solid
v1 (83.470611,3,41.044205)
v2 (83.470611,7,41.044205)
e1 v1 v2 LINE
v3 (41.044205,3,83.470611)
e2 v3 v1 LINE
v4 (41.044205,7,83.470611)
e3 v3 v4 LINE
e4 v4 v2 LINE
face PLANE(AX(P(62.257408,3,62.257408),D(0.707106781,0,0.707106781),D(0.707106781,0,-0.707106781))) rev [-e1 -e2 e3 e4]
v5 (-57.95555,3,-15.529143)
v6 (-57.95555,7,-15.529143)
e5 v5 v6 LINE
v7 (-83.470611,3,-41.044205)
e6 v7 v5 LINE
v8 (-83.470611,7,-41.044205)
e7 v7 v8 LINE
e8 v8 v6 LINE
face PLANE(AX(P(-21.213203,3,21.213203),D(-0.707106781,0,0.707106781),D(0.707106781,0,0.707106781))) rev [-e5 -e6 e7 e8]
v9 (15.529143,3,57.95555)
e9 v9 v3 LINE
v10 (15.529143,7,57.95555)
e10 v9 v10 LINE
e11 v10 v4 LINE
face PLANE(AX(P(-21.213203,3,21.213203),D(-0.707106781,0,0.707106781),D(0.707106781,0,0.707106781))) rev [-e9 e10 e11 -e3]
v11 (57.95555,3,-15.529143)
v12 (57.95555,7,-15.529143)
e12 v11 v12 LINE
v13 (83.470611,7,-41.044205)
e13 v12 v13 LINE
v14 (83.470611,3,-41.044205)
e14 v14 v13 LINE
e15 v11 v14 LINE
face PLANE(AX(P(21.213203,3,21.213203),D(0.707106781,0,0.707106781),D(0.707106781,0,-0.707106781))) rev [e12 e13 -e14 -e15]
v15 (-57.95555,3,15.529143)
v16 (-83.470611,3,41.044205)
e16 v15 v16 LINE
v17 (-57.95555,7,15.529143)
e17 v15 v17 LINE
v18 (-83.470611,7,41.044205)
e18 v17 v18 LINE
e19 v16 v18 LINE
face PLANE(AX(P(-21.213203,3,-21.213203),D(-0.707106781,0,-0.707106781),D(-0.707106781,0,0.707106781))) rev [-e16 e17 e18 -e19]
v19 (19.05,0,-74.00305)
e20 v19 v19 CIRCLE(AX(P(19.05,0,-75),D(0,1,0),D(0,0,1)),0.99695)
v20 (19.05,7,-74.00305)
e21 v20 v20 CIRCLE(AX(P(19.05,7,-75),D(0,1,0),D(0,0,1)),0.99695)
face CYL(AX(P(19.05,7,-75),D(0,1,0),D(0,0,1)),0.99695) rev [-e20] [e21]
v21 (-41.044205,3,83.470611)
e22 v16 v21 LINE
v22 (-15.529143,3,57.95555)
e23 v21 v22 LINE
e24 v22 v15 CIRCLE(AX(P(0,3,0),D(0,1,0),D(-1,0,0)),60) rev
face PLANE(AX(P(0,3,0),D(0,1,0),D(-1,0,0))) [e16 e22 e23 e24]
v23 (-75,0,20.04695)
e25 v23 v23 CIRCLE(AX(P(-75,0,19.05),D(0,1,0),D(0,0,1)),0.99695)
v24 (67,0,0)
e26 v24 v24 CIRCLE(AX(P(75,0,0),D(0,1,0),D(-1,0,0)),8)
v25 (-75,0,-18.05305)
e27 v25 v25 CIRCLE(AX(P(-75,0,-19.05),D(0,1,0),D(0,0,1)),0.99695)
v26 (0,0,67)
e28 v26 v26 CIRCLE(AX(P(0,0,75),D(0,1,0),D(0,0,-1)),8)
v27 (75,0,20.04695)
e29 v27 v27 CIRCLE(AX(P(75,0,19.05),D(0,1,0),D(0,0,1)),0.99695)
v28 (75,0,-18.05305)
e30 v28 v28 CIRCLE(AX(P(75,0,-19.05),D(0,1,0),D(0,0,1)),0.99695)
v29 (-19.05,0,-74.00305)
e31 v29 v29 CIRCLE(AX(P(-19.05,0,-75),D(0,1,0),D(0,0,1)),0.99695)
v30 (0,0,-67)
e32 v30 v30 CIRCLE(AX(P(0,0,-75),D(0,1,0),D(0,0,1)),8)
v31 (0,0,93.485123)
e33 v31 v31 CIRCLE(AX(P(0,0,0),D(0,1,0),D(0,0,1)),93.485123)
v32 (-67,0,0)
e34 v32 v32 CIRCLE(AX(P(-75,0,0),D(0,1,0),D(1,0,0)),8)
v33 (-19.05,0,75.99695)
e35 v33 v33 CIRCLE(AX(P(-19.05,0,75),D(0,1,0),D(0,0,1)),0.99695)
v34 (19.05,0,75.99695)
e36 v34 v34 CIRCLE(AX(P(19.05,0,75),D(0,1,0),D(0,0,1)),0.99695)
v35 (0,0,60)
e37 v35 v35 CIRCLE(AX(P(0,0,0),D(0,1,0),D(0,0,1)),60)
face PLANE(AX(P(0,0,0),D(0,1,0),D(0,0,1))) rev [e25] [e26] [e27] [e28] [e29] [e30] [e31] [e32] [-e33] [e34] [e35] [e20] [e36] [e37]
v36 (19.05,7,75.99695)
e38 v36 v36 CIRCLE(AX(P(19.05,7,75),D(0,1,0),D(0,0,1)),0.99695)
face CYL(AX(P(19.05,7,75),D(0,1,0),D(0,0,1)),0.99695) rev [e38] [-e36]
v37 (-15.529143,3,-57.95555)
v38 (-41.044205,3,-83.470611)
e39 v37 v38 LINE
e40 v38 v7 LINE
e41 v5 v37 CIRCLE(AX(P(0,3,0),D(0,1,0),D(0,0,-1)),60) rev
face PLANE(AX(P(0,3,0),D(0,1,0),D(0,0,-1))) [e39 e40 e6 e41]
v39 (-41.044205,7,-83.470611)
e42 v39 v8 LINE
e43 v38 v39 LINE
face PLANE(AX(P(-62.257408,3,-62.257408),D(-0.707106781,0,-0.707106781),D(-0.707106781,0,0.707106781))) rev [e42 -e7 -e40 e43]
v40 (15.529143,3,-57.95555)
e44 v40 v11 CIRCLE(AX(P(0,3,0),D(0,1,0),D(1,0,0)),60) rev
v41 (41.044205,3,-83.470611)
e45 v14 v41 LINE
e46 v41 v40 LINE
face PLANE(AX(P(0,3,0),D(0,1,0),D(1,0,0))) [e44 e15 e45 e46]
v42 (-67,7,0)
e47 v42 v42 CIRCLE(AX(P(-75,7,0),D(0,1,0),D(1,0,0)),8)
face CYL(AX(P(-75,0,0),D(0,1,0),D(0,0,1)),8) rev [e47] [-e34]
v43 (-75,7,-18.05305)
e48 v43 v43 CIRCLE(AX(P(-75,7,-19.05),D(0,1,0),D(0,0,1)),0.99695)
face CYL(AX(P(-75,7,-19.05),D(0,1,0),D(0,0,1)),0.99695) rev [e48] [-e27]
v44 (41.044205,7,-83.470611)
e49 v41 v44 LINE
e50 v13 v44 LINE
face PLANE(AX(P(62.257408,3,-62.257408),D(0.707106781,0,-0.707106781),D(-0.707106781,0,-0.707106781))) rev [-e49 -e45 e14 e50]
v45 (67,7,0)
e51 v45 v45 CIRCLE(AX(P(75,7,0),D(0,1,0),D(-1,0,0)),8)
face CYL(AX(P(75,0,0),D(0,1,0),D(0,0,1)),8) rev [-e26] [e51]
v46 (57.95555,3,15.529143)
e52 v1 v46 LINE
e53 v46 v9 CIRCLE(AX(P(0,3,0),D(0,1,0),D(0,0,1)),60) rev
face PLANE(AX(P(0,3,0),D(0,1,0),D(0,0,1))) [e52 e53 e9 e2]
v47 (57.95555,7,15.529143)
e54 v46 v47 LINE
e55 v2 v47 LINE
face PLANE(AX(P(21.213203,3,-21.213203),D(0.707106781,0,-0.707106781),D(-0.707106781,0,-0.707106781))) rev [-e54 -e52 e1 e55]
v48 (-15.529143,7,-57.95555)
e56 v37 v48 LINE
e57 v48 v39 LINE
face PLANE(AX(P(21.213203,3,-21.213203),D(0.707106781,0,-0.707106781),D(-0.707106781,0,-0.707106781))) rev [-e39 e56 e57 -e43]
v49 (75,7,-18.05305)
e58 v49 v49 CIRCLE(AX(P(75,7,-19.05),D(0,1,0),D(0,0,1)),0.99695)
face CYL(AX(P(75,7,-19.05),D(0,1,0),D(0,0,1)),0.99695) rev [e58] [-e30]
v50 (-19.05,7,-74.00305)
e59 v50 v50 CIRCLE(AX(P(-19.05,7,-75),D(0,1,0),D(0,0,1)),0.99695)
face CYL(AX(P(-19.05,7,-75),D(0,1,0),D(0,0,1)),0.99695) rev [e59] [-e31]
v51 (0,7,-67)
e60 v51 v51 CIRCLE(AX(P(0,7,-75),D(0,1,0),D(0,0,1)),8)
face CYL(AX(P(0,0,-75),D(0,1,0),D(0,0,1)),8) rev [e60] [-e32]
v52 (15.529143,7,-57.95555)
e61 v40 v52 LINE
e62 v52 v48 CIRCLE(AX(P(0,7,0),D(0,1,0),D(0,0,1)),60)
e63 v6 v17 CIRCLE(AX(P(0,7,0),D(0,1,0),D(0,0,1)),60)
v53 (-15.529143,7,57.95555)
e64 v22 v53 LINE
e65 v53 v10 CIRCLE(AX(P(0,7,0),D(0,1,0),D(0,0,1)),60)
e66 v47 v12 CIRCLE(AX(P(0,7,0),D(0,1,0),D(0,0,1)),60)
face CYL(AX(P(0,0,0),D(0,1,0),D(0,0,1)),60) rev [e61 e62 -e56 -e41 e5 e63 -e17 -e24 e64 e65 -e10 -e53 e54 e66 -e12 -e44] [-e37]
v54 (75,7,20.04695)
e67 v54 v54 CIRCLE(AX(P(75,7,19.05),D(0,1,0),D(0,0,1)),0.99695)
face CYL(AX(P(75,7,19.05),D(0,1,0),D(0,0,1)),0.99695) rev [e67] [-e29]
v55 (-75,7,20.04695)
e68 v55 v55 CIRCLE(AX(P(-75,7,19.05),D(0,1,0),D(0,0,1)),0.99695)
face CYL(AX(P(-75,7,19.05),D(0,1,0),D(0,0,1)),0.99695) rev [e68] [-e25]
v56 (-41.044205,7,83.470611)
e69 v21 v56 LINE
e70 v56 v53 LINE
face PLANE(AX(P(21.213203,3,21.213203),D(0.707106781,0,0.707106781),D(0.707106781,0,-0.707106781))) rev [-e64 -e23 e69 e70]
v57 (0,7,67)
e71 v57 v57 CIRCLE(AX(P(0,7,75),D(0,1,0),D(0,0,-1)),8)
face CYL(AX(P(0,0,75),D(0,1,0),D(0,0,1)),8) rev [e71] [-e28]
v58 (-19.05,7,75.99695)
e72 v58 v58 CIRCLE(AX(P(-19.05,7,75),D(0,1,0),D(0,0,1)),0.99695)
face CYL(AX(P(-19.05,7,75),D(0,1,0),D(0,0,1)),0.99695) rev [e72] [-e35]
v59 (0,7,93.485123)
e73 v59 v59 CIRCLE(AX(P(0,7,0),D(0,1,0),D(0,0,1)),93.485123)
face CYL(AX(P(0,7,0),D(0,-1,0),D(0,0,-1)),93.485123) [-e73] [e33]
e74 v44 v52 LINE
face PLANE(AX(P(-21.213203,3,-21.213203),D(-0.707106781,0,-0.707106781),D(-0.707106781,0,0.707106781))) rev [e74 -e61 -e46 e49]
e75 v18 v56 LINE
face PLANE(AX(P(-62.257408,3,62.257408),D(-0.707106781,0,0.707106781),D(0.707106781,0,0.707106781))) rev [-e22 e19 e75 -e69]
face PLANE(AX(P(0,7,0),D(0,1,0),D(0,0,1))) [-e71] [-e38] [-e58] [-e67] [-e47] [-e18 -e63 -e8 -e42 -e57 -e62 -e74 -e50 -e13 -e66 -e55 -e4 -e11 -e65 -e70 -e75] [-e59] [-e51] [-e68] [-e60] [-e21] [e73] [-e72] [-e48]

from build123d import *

# Parameters (mm, degrees)
SKETCH2_R             = 93.485122645
EXTRUDE1_DEPTH        = 7
SKETCH3_R             = 8
CUT_EXTRUDE1_DEPTH    = 8
F_3_48_TAPPED_HOLE1_D = 1.9939
CIRPATTERN1_COUNT     = 4
SKETCH8_R             = 60
CUT_EXTRUDE2_DEPTH    = 8
SKETCH9_R             = 60
CUT_EXTRUDE10_DEPTH   = 4
CIRPATTERN4_COUNT     = 4


with BuildPart() as part:
    # Sketch2 → Extrude1 (new body)
    with BuildSketch(Plane(origin=(0, 0, 0), x_dir=(1, 0, 0), z_dir=(0, 1, 0))):
        Circle(SKETCH2_R)
    extrude(amount=EXTRUDE1_DEPTH)

    # Sketch3 → Cut-Extrude1 (cut, through all)
    with BuildSketch(Plane(origin=(0, 7, 0), x_dir=(1, 0, 0), z_dir=(0, 1, 0))):
        with Locations((0, 75)):
            Circle(SKETCH3_R)
    cut_extrude1 = extrude(amount=-CUT_EXTRUDE1_DEPTH, mode=Mode.SUBTRACT)

    # #3-48 Tapped Hole1 (through all)
    with Locations(Plane(origin=(0, 7, 0), x_dir=(1, 0, 0), z_dir=(0, 1, 0))):
        with Locations((-19.05, 75), (19.05, 75)):
            f_3_48_tapped_hole1 = Hole(F_3_48_TAPPED_HOLE1_D / 2)

    # CirPattern1: Cut-Extrude1, #3-48 Tapped Hole1 ×4 about axis
    cirpattern1_axis = Axis((0, 0, 0), (0, 1, 0))
    for i in range(1, CIRPATTERN1_COUNT):
        add(cut_extrude1.rotate(cirpattern1_axis, i * 360 / CIRPATTERN1_COUNT), mode=Mode.SUBTRACT)
        add(f_3_48_tapped_hole1.rotate(cirpattern1_axis, i * 360 / CIRPATTERN1_COUNT), mode=Mode.SUBTRACT)

    # Sketch8 → Cut-Extrude2 (cut, through all)
    with BuildSketch(Plane(origin=(0, 7, 0), x_dir=(1, 0, 0), z_dir=(0, 1, 0))):
        Circle(SKETCH8_R)
    extrude(amount=-CUT_EXTRUDE2_DEPTH, mode=Mode.SUBTRACT)

    # Sketch9 → Cut-Extrude10 (cut)
    with BuildSketch(Plane(origin=(0, 7, 0), x_dir=(1, 0, 0), z_dir=(0, 1, 0))):
        Circle(SKETCH9_R)
        Polygon((41.044204571, -83.470611442), (83.470611442, -41.044204571), (42.459618294, -0.033211423), (-0.033211423, -42.393195448), align=None)
    cut_extrude10 = extrude(amount=-CUT_EXTRUDE10_DEPTH, mode=Mode.SUBTRACT)

    # CirPattern4: Cut-Extrude10 ×4 about axis
    cirpattern4_axis = Axis((0, 0, 0), (0, 1, 0))
    for i in range(1, CIRPATTERN4_COUNT):
        add(cut_extrude10.rotate(cirpattern4_axis, i * 360 / CIRPATTERN4_COUNT), mode=Mode.SUBTRACT)


solid = part.part
